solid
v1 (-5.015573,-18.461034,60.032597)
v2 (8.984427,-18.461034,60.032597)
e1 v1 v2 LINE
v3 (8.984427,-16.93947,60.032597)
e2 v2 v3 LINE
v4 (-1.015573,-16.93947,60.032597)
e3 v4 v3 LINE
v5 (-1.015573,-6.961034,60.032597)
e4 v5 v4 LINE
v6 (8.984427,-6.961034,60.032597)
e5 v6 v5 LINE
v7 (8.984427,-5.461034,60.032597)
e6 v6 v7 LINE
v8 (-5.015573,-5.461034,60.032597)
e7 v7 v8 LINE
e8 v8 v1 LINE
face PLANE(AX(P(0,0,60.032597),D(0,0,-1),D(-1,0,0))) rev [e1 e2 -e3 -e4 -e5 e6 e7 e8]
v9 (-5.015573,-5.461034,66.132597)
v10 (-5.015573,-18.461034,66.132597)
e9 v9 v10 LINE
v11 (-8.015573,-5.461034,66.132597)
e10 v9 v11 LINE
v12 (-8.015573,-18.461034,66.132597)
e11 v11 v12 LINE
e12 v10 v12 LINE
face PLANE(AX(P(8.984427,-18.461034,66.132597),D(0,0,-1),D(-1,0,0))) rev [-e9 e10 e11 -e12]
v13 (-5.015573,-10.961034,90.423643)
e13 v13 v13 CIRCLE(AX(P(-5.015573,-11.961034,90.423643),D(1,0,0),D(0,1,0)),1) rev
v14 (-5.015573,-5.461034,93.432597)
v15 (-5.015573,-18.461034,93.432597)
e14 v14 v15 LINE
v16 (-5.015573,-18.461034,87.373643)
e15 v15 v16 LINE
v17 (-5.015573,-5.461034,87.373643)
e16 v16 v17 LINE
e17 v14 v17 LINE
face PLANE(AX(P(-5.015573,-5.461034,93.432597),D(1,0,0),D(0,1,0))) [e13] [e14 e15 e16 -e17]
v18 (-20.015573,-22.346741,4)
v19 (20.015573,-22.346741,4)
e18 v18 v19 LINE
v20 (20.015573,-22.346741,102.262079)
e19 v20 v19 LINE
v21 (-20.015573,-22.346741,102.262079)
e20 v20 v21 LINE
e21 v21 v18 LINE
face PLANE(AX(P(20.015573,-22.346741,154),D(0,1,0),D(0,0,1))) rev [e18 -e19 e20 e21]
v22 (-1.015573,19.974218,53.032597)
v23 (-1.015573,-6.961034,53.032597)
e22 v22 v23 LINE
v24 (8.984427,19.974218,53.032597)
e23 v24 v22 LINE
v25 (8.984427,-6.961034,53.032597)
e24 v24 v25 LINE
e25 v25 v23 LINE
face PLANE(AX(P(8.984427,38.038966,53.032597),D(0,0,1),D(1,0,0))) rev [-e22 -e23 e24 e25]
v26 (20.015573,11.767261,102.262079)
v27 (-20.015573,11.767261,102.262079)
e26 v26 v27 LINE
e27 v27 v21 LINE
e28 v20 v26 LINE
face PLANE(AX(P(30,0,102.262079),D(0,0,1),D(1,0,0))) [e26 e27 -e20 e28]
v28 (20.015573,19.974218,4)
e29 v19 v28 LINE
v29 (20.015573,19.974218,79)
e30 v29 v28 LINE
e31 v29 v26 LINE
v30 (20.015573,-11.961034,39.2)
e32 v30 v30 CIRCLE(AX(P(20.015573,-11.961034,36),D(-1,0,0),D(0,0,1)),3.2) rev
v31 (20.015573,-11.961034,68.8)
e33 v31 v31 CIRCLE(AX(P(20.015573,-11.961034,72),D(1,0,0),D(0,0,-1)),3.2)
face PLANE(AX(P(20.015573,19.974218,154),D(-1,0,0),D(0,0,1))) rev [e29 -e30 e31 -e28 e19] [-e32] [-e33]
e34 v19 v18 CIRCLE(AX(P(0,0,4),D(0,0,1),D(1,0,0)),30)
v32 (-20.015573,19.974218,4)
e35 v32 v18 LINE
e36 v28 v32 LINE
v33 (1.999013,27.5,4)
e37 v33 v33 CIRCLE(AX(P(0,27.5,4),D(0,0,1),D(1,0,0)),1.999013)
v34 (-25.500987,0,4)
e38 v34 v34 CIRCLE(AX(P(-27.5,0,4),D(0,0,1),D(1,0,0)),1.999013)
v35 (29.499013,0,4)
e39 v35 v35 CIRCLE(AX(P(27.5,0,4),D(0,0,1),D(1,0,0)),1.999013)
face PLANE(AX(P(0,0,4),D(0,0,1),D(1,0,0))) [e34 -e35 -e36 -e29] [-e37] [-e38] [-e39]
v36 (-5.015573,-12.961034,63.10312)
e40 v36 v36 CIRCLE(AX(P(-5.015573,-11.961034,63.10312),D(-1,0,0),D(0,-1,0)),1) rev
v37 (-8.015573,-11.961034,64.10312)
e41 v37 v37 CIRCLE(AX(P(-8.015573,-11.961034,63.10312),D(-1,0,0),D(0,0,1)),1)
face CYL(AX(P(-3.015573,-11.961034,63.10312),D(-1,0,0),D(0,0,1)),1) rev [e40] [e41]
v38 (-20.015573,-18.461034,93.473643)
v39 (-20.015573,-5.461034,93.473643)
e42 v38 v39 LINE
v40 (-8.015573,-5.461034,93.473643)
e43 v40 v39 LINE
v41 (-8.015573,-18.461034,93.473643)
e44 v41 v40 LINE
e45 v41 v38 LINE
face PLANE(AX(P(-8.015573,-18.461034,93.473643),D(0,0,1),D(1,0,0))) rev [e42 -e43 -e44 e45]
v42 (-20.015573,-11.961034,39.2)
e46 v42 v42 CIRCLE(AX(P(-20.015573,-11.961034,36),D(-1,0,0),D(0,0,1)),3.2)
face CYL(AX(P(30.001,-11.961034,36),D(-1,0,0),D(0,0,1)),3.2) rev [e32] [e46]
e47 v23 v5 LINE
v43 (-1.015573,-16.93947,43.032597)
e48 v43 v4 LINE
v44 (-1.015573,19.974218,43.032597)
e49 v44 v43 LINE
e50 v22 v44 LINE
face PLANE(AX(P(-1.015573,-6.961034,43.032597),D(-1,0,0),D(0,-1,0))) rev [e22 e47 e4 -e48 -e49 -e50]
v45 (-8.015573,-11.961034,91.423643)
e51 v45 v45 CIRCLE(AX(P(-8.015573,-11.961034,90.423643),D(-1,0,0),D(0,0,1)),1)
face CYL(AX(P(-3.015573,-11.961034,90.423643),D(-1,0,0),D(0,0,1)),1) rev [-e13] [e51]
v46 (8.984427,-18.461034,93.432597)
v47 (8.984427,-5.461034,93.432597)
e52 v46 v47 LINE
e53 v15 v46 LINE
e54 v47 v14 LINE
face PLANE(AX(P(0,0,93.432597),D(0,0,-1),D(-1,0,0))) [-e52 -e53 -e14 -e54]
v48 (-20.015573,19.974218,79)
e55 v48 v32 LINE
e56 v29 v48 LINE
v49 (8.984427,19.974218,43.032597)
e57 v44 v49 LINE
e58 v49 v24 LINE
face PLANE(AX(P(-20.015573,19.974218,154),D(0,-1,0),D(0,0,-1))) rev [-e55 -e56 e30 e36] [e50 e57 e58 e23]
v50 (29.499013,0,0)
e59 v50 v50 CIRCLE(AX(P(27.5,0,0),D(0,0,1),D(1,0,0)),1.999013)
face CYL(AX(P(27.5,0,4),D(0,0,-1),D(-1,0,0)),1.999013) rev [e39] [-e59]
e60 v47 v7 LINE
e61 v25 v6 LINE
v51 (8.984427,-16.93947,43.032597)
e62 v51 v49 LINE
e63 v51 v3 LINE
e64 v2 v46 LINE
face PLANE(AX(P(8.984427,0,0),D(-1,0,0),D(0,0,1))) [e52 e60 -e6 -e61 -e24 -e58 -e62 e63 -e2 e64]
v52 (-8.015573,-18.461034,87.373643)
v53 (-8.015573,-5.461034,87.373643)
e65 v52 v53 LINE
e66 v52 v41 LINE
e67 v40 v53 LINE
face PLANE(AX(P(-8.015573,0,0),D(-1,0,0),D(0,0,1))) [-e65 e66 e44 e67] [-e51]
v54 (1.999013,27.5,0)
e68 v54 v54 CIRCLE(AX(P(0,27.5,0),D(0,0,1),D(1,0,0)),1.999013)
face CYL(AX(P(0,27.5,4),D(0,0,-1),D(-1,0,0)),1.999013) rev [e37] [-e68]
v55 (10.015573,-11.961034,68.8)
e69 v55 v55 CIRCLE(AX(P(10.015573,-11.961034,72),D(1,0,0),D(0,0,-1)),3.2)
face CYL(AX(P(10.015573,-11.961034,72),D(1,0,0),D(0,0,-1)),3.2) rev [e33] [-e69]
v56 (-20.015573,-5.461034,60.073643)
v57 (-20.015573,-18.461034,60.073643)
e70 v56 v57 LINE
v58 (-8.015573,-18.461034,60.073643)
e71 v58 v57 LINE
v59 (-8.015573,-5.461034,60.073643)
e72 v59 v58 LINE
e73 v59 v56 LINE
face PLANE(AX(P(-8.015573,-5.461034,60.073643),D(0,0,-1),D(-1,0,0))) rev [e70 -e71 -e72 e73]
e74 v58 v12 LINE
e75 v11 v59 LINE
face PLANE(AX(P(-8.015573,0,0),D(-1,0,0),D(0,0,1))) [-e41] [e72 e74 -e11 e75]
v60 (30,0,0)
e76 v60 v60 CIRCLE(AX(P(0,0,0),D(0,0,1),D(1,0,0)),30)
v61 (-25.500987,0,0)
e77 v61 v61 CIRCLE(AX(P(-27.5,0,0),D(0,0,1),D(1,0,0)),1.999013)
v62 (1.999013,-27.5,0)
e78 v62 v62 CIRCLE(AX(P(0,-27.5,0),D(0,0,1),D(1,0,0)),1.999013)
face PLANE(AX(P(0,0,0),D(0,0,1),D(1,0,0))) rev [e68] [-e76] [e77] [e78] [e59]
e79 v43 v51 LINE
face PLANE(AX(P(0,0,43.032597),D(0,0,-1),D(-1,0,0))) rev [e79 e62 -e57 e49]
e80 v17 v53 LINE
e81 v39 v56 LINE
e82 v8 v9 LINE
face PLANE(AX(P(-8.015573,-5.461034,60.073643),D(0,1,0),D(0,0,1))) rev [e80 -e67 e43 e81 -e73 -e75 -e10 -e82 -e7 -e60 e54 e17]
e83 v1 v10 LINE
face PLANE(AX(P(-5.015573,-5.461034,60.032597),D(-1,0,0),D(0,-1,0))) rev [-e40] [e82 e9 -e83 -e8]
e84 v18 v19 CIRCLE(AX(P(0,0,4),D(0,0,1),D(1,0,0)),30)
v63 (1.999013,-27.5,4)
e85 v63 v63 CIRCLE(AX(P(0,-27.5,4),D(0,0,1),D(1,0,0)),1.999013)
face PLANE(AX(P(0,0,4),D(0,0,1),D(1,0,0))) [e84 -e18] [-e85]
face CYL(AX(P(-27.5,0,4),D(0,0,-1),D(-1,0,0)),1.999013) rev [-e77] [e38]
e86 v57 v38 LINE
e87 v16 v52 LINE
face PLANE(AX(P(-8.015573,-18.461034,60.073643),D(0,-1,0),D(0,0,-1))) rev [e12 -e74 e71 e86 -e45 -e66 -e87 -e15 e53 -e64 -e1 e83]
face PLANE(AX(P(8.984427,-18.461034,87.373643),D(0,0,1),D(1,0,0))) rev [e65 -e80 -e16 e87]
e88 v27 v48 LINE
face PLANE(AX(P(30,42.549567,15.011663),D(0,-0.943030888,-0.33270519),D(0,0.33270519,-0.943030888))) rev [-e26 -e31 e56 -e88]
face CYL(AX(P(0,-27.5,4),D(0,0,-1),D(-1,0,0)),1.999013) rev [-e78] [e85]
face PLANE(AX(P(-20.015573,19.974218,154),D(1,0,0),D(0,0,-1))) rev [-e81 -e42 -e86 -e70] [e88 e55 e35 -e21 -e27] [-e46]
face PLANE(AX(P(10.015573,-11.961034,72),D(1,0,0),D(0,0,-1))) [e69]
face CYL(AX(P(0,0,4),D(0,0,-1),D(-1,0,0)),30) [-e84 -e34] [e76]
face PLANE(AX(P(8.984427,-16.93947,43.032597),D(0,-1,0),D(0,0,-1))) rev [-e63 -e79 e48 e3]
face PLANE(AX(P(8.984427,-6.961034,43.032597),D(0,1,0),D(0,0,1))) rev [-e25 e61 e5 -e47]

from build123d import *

# Parameters (mm, degrees)
CROQUIS1_R                 = 30
CROQUIS1_R_2               = 1.99901262
SALIENTE_EXTRUIR1_DEPTH    = 4
CROQUIS2_W                 = 40.0311451
CROQUIS2_H                 = 42.320959557
SALIENTE_EXTRUIR2_DEPTH    = 150
CORTAR_EXTRUIR1_REACH      = 166.674
CROQUIS3_R                 = 3.2
CROQUIS4_W                 = 33.4
CROQUIS4_H                 = 13
CORTAR_EXTRUIR2_DEPTH      = 12
CROQUIS5_W                 = 21.241045897
CROQUIS5_H                 = 13
CORTAR_EXTRUIR3_DEPTH      = 17
CROQUIS6_R                 = 1
CORTAR_EXTRUIR4_DEPTH      = 5
CORTAR_EXTRUIR6_DEPTH      = 165.674094798
CORTAR_EXTRUIR6_DEPTH_BACK = 165.674094798
CROQUIS10_R                = 3.2
CORTAR_EXTRUIR10_DEPTH     = 10
CROQUIS11_W                = 14
CROQUIS11_H                = 13
CORTAR_EXTRUIR11_DEPTH     = 6.1
CROQUIS12_W                = 10
CROQUIS12_H                = 9.978436174
CORTAR_EXTRUIR12_DEPTH     = 17
CROQUIS13_W                = 10
CROQUIS13_H                = 10
CORTAR_EXTRUIR13_DEPTH     = 45
CROQUIS11_3_W              = 14
CROQUIS11_3_H              = 13
CORTAR_EXTRUIR18_DEPTH     = 27.3


with BuildPart() as part:
    # Croquis1 → Saliente-Extruir1 (new body)
    with BuildSketch(Plane.XY):
        Circle(CROQUIS1_R)
        with Locations((27.5, 0)):
            Circle(CROQUIS1_R_2, mode=Mode.SUBTRACT)
        with Locations((0, -27.5)):
            Circle(CROQUIS1_R_2, mode=Mode.SUBTRACT)
        with Locations((-27.5, 0)):
            Circle(CROQUIS1_R_2, mode=Mode.SUBTRACT)
        with Locations((0, 27.5)):
            Circle(CROQUIS1_R_2, mode=Mode.SUBTRACT)
    extrude(amount=SALIENTE_EXTRUIR1_DEPTH)

    # Croquis2 → Saliente-Extruir2 (add)
    with BuildSketch(Plane.XY.offset(4)):
        with Locations((0, -1.186261717)):
            Rectangle(CROQUIS2_W, CROQUIS2_H)
    extrude(amount=SALIENTE_EXTRUIR2_DEPTH)

    # Croquis3 → Cortar-Extruir1 (cut, up to next)
    with BuildSketch(Plane.ZY.offset(20.01557255), mode=Mode.PRIVATE) as cortar_extruir1_sk1:
        with Locations((36, -11.961033968)):
            Circle(CROQUIS3_R)
    cortar_extruir1_tool1 = extrude(cortar_extruir1_sk1.sketch, amount=-CORTAR_EXTRUIR1_REACH, mode=Mode.PRIVATE) & part.part
    add(cortar_extruir1_tool1.solids().sort_by_distance((-20.015573, -11.961034, 36))[0], mode=Mode.SUBTRACT)

    # Croquis4 → Cortar-Extruir2 (cut)
    with BuildSketch(Plane.ZY.offset(20.01557255)):
        with Locations((76.773642677, -11.961033968)):
            Rectangle(CROQUIS4_W, CROQUIS4_H)
    extrude(amount=-CORTAR_EXTRUIR2_DEPTH, mode=Mode.SUBTRACT)

    # Croquis5 → Cortar-Extruir3 (cut)
    with BuildSketch(Plane.ZY.offset(8.01557255)):
        with Locations((76.753119728, -11.961033968)):
            Rectangle(CROQUIS5_W, CROQUIS5_H)
    extrude(amount=-CORTAR_EXTRUIR3_DEPTH, mode=Mode.SUBTRACT)

    # Croquis6 → Cortar-Extruir4 (cut)
    with BuildSketch(Plane.ZY.offset(8.01557255)):
        with Locations((63.103119729, -11.961033968)):
            Circle(CROQUIS6_R)
        with Locations((90.423642677, -11.961033968)):
            Circle(CROQUIS6_R)
    extrude(amount=-CORTAR_EXTRUIR4_DEPTH, mode=Mode.SUBTRACT)

    # Croquis7 → Cortar-Extruir6 (cut, two sides: drawn at the far end of the back side and taken through both)
    with BuildSketch(Plane.ZY.offset(20.01557255).offset(-CORTAR_EXTRUIR6_DEPTH_BACK)):
        Polygon((102.262078688, -22.346741496), (154, -22.346741496), (154, 19.974218061), (79, 19.974218061), (102.262078688, 11.767260679), align=None)
    extrude(amount=CORTAR_EXTRUIR6_DEPTH + CORTAR_EXTRUIR6_DEPTH_BACK, mode=Mode.SUBTRACT)

    # Croquis10 → Cortar-Extruir10 (cut)
    with BuildSketch(Plane(origin=(20.01557255, 0, 0), x_dir=(0, 0, -1), z_dir=(1, 0, 0))):
        with Locations((-72, -11.961033968)):
            Circle(CROQUIS10_R)
    extrude(amount=-CORTAR_EXTRUIR10_DEPTH, mode=Mode.SUBTRACT)

    # Croquis11 → Cortar-Extruir11 (cut)
    with BuildSketch(Plane.XY.offset(66.13259678)):
        with Locations((1.98442745, -11.961033968)):
            Rectangle(CROQUIS11_W, CROQUIS11_H)
    extrude(amount=-CORTAR_EXTRUIR11_DEPTH, mode=Mode.SUBTRACT)

    # Croquis12 → Cortar-Extruir12 (cut)
    with BuildSketch(Plane.XY.offset(60.03259678)):
        with Locations((3.98442745, -11.950252055)):
            Rectangle(CROQUIS12_W, CROQUIS12_H)
    extrude(amount=-CORTAR_EXTRUIR12_DEPTH, mode=Mode.SUBTRACT)

    # Croquis13 → Cortar-Extruir13 (cut)
    with BuildSketch(Plane.XZ.offset(6.961033968)):
        with Locations((3.98442745, 48.03259678)):
            Rectangle(CROQUIS13_W, CROQUIS13_H)
    extrude(amount=-CORTAR_EXTRUIR13_DEPTH, mode=Mode.SUBTRACT)

    # Croquis11<3> → Cortar-Extruir18 (cut)
    with BuildSketch(Plane.XY.offset(66.13259678)):
        with Locations((1.98442745, -11.961033968)):
            Rectangle(CROQUIS11_3_W, CROQUIS11_3_H)
    extrude(amount=CORTAR_EXTRUIR18_DEPTH, mode=Mode.SUBTRACT)


solid = part.part
